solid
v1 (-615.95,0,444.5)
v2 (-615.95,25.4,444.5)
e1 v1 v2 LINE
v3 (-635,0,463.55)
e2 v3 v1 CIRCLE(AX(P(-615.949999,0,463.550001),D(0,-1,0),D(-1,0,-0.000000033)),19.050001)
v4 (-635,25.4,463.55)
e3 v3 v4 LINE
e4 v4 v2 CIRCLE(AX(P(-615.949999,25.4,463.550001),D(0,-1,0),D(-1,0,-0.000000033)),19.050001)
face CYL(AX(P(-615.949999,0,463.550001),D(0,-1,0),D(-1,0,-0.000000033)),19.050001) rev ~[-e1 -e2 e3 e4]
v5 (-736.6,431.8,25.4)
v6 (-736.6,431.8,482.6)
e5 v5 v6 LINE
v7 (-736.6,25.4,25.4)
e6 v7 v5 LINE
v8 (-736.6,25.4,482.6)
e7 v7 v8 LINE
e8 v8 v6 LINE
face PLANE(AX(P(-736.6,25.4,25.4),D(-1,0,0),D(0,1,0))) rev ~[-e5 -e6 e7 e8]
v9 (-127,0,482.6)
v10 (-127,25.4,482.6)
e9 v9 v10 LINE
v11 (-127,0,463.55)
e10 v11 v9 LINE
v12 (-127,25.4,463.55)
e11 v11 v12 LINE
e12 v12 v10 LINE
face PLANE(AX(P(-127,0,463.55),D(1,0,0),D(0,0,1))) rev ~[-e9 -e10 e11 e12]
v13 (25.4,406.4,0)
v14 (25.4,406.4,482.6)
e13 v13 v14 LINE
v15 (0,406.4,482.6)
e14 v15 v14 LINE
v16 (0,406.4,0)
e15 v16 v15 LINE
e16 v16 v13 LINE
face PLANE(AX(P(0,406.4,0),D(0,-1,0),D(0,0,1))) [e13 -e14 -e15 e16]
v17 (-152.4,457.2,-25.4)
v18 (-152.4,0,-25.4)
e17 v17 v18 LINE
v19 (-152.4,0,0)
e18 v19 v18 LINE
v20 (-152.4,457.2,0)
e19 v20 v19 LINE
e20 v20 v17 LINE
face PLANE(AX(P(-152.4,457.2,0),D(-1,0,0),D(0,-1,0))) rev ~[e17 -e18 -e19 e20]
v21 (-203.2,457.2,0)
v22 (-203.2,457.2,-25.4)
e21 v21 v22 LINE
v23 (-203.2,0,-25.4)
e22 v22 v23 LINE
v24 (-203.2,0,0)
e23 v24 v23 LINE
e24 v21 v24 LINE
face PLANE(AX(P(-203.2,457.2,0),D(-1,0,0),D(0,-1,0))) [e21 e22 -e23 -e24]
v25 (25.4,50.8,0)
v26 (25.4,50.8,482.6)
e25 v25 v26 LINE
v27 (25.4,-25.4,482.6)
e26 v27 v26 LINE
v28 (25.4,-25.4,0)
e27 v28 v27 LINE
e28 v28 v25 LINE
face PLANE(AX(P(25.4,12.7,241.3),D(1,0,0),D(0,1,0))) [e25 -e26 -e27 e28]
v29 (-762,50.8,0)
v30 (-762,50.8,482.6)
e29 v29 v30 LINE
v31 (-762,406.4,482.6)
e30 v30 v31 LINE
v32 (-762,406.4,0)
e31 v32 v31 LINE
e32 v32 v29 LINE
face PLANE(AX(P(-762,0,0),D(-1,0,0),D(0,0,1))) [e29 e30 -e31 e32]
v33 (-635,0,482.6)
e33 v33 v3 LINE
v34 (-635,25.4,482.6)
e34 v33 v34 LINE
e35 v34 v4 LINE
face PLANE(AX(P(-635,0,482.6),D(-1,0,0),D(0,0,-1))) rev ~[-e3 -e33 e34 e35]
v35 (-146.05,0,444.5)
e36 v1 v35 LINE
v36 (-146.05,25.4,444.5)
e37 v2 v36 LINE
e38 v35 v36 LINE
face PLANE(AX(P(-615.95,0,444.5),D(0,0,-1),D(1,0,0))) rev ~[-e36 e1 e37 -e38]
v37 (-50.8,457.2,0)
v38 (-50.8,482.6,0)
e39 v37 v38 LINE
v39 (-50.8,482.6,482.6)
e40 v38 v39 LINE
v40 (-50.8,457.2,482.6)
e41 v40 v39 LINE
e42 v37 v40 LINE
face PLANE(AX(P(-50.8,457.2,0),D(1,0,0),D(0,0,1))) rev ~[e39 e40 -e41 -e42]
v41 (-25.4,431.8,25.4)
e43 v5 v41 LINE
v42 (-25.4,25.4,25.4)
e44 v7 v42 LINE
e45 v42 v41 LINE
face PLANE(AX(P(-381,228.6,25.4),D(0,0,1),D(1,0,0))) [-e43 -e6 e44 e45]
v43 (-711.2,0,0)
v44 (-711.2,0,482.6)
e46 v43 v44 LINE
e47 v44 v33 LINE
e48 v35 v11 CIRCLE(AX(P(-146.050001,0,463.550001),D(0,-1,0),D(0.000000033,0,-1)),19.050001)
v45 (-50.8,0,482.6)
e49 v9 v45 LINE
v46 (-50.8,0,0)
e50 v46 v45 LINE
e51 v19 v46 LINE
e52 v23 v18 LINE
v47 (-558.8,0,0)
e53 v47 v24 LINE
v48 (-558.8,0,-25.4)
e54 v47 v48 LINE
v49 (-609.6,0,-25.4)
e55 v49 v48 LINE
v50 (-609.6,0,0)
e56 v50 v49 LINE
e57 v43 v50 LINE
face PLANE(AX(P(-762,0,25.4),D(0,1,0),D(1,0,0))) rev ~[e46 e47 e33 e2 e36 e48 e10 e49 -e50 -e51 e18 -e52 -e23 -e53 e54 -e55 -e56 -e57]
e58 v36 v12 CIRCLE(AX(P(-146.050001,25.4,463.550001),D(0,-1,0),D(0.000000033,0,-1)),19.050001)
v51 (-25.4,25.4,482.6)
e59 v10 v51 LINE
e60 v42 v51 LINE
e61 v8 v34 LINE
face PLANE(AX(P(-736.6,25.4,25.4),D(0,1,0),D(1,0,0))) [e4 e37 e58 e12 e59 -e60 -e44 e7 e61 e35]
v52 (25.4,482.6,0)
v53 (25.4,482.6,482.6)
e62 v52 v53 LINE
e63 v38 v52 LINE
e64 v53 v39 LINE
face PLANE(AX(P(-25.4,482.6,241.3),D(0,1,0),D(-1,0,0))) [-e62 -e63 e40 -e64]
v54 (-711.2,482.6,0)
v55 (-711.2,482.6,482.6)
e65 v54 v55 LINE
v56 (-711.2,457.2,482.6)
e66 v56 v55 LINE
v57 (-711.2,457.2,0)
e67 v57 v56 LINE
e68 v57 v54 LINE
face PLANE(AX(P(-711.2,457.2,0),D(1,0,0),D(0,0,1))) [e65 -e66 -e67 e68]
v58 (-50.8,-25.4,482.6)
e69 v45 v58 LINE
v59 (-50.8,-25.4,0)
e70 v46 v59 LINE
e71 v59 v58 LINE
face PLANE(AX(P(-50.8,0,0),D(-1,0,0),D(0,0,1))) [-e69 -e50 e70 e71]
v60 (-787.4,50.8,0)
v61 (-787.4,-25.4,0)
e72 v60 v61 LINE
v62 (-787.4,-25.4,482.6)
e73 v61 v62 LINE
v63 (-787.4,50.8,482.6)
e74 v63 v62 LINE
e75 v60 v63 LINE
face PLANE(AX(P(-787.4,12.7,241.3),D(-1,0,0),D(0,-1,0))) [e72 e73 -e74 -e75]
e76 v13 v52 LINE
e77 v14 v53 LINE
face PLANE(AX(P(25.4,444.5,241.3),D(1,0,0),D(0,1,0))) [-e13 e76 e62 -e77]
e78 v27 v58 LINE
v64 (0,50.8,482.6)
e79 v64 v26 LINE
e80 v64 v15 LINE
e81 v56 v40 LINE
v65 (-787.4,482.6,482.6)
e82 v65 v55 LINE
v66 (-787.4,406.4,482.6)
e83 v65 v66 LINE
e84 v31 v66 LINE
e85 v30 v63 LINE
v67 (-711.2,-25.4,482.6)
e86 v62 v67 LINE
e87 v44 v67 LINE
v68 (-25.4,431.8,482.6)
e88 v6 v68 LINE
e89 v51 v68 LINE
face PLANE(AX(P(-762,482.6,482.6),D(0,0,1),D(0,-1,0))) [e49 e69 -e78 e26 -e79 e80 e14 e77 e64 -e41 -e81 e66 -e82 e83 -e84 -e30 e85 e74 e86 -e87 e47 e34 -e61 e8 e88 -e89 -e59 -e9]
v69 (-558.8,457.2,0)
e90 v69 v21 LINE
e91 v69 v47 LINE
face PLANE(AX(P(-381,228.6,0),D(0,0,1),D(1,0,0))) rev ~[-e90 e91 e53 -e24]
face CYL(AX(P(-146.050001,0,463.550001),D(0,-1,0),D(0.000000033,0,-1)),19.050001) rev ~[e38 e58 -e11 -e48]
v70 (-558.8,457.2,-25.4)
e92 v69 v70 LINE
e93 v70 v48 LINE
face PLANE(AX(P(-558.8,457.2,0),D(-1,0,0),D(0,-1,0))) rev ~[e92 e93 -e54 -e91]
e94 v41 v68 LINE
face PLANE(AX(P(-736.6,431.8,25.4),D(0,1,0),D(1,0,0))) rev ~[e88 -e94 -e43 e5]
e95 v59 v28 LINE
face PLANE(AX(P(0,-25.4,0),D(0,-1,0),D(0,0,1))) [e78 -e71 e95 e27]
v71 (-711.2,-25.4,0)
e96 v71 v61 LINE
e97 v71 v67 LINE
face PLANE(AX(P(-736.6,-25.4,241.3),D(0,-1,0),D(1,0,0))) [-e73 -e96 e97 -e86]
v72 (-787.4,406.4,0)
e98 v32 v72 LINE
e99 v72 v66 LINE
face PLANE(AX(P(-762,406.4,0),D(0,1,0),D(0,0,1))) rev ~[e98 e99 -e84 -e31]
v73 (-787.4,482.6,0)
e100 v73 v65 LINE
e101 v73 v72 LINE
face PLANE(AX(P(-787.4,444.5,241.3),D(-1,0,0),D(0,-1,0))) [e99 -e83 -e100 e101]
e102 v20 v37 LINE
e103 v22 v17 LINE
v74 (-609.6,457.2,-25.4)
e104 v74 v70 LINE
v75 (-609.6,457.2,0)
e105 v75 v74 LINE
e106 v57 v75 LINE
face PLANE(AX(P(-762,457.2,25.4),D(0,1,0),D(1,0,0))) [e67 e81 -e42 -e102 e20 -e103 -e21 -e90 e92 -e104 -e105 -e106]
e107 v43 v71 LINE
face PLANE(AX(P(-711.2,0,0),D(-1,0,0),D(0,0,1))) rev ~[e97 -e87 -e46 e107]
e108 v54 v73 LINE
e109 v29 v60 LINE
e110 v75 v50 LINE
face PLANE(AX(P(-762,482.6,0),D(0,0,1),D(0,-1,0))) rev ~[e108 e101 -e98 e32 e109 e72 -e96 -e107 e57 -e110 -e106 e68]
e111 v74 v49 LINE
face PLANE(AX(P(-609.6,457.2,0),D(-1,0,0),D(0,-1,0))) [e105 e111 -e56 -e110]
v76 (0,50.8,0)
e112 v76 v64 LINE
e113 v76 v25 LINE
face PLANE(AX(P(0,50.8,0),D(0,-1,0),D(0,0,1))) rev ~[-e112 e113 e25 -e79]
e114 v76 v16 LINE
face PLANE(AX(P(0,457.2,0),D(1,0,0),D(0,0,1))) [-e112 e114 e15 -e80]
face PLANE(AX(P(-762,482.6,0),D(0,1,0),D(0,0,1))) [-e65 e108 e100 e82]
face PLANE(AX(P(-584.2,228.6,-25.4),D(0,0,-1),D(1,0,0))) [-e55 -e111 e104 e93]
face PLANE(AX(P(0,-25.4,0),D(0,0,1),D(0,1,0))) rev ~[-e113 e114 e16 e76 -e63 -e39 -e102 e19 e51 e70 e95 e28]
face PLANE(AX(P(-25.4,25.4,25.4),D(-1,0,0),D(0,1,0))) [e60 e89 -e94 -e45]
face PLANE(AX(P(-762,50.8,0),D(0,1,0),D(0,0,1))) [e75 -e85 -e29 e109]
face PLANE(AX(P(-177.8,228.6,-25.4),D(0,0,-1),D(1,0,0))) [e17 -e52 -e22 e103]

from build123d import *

# Parameters (mm, degrees)
F0_W      = 762
F0_H      = 457.2
F1_DEPTH  = 25.4
F2_W      = 50.8
F2_H      = 457.2
F3_DEPTH  = 25.4
F4_W      = 762
F4_H      = 457.2
F4_W_2    = 711.2
F4_H_2    = 406.4
F5_DEPTH  = 457.2
F6_W      = 50.8
F6_H      = 482.6
F7_DEPTH  = 25.4
F8_W      = 50.8
F8_H      = 482.6
F9_DEPTH  = 25.4
F10_W     = 76.2
F10_H     = 482.6
F11_DEPTH = 25.4
F12_W     = 76.2
F12_H     = 482.6
F13_DEPTH = 25.4
F15_DEPTH = 25.4


with BuildPart() as f1:
    # F0 (on Top) → F1 (new body)
    with BuildSketch(Plane.XY):
        with Locations((-381, 228.6)):
            Rectangle(F0_W, F0_H)
    extrude(amount=F1_DEPTH)

    # F2 (on face) → F3 (join)
    with BuildSketch(Plane(origin=(0, 0, 0), x_dir=(1, 0, 0), z_dir=(0, 0, -1))):
        with Locations((-584.2, -228.6)):
            Rectangle(F2_W, F2_H)
        with Locations((-177.8, -228.6)):
            Rectangle(F2_W, F2_H)
    extrude(amount=F3_DEPTH)

    # F4 (on face) → F5 (join)
    with BuildSketch(Plane.XY.offset(25.4)):
        with Locations((-381, 228.6)):
            Rectangle(F4_W, F4_H)
        with Locations((-381, 228.6)):
            Rectangle(F4_W_2, F4_H_2, mode=Mode.SUBTRACT)
    extrude(amount=F5_DEPTH)

    # F6 (on face) → F7 (join)
    with BuildSketch(Plane(origin=(0, 457.2, 0), x_dir=(-1, 0, 0), z_dir=(0, 1, 0))):
        with Locations((25.4, 241.3)):
            Rectangle(F6_W, F6_H)
        with Locations((736.6, 241.3)):
            Rectangle(F6_W, F6_H)
    extrude(amount=F7_DEPTH)

    # F8 (on face) → F9 (join)
    with BuildSketch(Plane.XZ):
        with Locations((-736.6, 241.3)):
            Rectangle(F8_W, F8_H)
        with Locations((-25.4, 241.3)):
            Rectangle(F8_W, F8_H)
    extrude(amount=F9_DEPTH)

    # F10 (on face) → F11 (join)
    with BuildSketch(Plane.YZ):
        with Locations((12.7, 241.3)):
            Rectangle(F10_W, F10_H)
        with Locations((444.5, 241.3)):
            Rectangle(F10_W, F10_H)
    extrude(amount=F11_DEPTH)

    # F12 (on face) → F13 (join)
    with BuildSketch(Plane(origin=(-762, 0, 0), x_dir=(0, -1, 0), z_dir=(-1, 0, 0))):
        with Locations((-444.5, 241.3)):
            Rectangle(F12_W, F12_H)
        with Locations((-12.7, 241.3)):
            Rectangle(F12_W, F12_H)
    extrude(amount=F13_DEPTH)

    # F14 (on face) → F15 (cut)
    with BuildSketch(Plane.XZ):
        with BuildLine():
            Line((-635, 482.6), (-635, 463.55))
            ThreePointArc((-635, 463.55), (-629.420384, 450.079616), (-615.95, 444.5))
            Line((-615.95, 444.5), (-146.05, 444.5))
            ThreePointArc((-146.05, 444.5), (-132.579616, 450.079616), (-127, 463.55))
            Line((-127, 463.55), (-127, 482.6))
            Line((-127, 482.6), (-635, 482.6))
        make_face()
    extrude(amount=-F15_DEPTH, mode=Mode.SUBTRACT)


solid = f1.part
